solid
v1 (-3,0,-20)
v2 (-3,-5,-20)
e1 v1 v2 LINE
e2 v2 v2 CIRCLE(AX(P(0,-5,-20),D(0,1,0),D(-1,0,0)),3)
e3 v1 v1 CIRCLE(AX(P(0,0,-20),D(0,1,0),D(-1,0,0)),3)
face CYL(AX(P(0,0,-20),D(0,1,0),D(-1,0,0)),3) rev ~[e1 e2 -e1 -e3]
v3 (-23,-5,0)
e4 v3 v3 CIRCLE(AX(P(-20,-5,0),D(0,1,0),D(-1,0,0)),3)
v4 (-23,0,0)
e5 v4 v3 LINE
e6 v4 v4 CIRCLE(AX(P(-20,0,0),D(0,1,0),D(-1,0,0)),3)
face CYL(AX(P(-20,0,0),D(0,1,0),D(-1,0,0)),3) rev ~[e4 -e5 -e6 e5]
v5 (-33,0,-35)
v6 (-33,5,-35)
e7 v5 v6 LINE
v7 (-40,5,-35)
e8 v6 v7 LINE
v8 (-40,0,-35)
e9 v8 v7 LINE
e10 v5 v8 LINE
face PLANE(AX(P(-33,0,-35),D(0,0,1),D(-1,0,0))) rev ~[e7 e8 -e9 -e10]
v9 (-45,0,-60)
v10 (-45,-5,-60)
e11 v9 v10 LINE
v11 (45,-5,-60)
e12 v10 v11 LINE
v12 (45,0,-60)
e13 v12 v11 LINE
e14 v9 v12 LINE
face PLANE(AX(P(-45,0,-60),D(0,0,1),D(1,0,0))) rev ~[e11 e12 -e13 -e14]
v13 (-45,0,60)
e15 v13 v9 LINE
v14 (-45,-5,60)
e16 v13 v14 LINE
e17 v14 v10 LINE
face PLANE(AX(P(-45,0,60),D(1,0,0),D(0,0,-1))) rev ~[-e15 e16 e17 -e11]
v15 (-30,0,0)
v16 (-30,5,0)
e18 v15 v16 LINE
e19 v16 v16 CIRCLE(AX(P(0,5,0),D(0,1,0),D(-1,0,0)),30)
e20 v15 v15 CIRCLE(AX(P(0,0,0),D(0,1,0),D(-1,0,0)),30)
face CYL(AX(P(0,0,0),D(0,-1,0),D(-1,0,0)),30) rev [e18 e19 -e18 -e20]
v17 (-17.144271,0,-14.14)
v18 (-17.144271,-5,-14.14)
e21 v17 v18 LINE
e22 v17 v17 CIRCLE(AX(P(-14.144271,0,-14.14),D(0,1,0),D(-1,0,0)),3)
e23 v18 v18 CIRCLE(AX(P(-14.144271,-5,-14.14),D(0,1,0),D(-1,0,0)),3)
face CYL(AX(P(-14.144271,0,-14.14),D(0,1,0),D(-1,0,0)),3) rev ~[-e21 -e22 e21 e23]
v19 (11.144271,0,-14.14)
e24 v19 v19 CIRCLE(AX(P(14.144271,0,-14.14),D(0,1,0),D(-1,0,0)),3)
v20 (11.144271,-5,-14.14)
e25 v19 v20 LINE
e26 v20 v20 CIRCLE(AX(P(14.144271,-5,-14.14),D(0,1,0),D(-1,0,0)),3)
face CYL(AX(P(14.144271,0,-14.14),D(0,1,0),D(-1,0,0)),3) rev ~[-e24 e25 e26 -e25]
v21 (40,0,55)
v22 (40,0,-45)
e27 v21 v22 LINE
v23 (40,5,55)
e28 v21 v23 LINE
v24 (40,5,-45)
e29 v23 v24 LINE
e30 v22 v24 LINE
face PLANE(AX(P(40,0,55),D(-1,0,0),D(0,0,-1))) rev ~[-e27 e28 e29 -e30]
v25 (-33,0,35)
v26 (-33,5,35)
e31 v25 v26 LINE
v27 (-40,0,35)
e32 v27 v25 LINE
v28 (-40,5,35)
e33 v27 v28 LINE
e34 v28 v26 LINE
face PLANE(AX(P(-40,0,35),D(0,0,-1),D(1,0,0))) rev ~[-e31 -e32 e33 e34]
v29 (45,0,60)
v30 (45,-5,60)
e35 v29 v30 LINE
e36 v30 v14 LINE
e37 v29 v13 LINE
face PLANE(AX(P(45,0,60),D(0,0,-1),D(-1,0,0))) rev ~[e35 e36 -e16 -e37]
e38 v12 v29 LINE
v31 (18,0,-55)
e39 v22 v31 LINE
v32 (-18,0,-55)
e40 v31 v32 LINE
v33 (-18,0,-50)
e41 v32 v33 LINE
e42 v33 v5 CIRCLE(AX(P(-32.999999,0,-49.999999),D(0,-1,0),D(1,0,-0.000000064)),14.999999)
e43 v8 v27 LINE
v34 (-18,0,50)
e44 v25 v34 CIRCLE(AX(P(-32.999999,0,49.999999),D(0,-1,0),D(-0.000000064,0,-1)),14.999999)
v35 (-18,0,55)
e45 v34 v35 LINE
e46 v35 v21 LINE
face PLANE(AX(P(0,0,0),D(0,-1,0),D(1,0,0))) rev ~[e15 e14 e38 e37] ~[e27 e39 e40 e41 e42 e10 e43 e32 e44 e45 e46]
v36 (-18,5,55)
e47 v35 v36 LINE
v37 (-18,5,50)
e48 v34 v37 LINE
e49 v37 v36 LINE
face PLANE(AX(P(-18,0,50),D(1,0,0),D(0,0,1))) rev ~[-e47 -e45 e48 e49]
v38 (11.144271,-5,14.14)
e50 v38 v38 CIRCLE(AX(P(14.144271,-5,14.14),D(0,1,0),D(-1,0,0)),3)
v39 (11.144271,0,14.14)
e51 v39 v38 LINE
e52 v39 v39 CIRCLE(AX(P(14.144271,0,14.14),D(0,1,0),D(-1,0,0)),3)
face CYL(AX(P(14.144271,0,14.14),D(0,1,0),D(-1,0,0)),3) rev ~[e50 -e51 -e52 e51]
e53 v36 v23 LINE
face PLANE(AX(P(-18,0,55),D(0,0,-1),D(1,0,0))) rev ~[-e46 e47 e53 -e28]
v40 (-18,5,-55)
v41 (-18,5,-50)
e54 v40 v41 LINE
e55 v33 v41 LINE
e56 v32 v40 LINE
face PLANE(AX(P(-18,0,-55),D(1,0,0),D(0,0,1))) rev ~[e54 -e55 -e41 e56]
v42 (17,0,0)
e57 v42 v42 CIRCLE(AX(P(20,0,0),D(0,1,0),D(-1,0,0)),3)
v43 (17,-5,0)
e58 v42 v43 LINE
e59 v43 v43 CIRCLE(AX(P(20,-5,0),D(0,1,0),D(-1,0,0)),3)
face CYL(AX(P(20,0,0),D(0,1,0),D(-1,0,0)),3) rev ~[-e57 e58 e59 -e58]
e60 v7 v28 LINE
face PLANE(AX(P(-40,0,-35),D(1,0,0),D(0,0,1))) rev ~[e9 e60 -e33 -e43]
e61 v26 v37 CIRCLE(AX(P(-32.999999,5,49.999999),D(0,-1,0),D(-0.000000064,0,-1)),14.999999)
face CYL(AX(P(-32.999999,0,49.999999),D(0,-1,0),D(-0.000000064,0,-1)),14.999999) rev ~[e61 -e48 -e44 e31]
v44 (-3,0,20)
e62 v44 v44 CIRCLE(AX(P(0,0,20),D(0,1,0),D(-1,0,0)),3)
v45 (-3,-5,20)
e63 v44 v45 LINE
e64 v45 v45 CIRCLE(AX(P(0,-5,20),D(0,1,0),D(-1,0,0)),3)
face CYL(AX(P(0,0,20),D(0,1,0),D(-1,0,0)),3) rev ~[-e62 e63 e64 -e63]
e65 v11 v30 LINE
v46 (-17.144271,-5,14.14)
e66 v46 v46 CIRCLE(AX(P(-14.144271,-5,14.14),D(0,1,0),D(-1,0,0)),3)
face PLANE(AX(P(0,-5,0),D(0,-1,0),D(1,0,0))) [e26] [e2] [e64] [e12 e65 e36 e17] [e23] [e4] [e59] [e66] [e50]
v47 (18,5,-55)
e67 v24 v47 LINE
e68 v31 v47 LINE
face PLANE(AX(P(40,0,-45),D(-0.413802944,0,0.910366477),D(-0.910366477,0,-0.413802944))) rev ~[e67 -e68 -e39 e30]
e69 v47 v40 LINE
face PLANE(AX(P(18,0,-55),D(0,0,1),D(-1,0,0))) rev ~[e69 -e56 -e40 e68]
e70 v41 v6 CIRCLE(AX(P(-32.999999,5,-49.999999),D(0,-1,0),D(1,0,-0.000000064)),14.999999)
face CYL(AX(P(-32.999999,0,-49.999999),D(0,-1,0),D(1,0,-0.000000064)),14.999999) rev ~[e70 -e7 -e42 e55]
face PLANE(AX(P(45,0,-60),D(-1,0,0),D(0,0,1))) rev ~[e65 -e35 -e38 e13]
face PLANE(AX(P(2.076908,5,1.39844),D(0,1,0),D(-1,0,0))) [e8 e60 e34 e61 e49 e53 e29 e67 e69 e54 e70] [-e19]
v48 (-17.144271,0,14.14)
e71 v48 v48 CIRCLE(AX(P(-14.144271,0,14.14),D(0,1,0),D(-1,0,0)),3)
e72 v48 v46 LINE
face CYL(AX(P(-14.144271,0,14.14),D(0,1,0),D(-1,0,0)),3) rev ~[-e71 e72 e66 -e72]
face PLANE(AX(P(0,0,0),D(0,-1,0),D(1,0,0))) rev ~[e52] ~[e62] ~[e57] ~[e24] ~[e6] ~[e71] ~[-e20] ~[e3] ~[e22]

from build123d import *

# Parameters (mm, degrees)
F1_DEPTH = 5
F2_R     = 30
F3_DEPTH = 5
F4_R     = 3
F5_DEPTH = 5


with BuildPart() as f1:
    # F0 (on Front) → F1 (new body)
    with BuildSketch(Plane.XZ):
        Polygon((45, -60), (45, 0), (45, 60), (0, 60), (-45, 60), (-45, 0), (-45, -60), (0, -60), align=None)
    extrude(amount=F1_DEPTH)

    # F2 (on face) → F3 (join)
    with BuildSketch(Plane(origin=(0, 0, 0), x_dir=(-1, 0, 0), z_dir=(0, 1, 0))):
        with BuildLine():
            Line((-40, 55), (-40, -45))
            Line((-40, -45), (-18, -55))
            Line((-18, -55), (18, -55))
            Line((18, -55), (18, -50))
            ThreePointArc((18, -50), (22.393398, -39.393398), (33, -35))
            Line((33, -35), (40, -35))
            Line((40, -35), (40, 35))
            Line((40, 35), (33, 35))
            ThreePointArc((33, 35), (22.393398, 39.393398), (18, 50))
            Line((18, 50), (18, 55))
            Line((18, 55), (-40, 55))
        make_face()
        Circle(F2_R, mode=Mode.SUBTRACT)
    extrude(amount=F3_DEPTH)

    # F4 (on face) → F5 (cut)
    with BuildSketch(Plane(origin=(0, 0, 0), x_dir=(-1, 0, 0), z_dir=(0, 1, 0))):
        with Locations((-14.144271, -14.14)):
            Circle(F4_R)
        with Locations((-20, 0)):
            Circle(F4_R)
        with Locations((-14.144271, 14.14)):
            Circle(F4_R)
        with Locations((0, 20)):
            Circle(F4_R)
        with Locations((14.144271, 14.14)):
            Circle(F4_R)
        with Locations((20, 0)):
            Circle(F4_R)
        with Locations((14.144271, -14.14)):
            Circle(F4_R)
        with Locations((0, -20)):
            Circle(F4_R)
    extrude(amount=-F5_DEPTH, mode=Mode.SUBTRACT)


solid = f1.part
